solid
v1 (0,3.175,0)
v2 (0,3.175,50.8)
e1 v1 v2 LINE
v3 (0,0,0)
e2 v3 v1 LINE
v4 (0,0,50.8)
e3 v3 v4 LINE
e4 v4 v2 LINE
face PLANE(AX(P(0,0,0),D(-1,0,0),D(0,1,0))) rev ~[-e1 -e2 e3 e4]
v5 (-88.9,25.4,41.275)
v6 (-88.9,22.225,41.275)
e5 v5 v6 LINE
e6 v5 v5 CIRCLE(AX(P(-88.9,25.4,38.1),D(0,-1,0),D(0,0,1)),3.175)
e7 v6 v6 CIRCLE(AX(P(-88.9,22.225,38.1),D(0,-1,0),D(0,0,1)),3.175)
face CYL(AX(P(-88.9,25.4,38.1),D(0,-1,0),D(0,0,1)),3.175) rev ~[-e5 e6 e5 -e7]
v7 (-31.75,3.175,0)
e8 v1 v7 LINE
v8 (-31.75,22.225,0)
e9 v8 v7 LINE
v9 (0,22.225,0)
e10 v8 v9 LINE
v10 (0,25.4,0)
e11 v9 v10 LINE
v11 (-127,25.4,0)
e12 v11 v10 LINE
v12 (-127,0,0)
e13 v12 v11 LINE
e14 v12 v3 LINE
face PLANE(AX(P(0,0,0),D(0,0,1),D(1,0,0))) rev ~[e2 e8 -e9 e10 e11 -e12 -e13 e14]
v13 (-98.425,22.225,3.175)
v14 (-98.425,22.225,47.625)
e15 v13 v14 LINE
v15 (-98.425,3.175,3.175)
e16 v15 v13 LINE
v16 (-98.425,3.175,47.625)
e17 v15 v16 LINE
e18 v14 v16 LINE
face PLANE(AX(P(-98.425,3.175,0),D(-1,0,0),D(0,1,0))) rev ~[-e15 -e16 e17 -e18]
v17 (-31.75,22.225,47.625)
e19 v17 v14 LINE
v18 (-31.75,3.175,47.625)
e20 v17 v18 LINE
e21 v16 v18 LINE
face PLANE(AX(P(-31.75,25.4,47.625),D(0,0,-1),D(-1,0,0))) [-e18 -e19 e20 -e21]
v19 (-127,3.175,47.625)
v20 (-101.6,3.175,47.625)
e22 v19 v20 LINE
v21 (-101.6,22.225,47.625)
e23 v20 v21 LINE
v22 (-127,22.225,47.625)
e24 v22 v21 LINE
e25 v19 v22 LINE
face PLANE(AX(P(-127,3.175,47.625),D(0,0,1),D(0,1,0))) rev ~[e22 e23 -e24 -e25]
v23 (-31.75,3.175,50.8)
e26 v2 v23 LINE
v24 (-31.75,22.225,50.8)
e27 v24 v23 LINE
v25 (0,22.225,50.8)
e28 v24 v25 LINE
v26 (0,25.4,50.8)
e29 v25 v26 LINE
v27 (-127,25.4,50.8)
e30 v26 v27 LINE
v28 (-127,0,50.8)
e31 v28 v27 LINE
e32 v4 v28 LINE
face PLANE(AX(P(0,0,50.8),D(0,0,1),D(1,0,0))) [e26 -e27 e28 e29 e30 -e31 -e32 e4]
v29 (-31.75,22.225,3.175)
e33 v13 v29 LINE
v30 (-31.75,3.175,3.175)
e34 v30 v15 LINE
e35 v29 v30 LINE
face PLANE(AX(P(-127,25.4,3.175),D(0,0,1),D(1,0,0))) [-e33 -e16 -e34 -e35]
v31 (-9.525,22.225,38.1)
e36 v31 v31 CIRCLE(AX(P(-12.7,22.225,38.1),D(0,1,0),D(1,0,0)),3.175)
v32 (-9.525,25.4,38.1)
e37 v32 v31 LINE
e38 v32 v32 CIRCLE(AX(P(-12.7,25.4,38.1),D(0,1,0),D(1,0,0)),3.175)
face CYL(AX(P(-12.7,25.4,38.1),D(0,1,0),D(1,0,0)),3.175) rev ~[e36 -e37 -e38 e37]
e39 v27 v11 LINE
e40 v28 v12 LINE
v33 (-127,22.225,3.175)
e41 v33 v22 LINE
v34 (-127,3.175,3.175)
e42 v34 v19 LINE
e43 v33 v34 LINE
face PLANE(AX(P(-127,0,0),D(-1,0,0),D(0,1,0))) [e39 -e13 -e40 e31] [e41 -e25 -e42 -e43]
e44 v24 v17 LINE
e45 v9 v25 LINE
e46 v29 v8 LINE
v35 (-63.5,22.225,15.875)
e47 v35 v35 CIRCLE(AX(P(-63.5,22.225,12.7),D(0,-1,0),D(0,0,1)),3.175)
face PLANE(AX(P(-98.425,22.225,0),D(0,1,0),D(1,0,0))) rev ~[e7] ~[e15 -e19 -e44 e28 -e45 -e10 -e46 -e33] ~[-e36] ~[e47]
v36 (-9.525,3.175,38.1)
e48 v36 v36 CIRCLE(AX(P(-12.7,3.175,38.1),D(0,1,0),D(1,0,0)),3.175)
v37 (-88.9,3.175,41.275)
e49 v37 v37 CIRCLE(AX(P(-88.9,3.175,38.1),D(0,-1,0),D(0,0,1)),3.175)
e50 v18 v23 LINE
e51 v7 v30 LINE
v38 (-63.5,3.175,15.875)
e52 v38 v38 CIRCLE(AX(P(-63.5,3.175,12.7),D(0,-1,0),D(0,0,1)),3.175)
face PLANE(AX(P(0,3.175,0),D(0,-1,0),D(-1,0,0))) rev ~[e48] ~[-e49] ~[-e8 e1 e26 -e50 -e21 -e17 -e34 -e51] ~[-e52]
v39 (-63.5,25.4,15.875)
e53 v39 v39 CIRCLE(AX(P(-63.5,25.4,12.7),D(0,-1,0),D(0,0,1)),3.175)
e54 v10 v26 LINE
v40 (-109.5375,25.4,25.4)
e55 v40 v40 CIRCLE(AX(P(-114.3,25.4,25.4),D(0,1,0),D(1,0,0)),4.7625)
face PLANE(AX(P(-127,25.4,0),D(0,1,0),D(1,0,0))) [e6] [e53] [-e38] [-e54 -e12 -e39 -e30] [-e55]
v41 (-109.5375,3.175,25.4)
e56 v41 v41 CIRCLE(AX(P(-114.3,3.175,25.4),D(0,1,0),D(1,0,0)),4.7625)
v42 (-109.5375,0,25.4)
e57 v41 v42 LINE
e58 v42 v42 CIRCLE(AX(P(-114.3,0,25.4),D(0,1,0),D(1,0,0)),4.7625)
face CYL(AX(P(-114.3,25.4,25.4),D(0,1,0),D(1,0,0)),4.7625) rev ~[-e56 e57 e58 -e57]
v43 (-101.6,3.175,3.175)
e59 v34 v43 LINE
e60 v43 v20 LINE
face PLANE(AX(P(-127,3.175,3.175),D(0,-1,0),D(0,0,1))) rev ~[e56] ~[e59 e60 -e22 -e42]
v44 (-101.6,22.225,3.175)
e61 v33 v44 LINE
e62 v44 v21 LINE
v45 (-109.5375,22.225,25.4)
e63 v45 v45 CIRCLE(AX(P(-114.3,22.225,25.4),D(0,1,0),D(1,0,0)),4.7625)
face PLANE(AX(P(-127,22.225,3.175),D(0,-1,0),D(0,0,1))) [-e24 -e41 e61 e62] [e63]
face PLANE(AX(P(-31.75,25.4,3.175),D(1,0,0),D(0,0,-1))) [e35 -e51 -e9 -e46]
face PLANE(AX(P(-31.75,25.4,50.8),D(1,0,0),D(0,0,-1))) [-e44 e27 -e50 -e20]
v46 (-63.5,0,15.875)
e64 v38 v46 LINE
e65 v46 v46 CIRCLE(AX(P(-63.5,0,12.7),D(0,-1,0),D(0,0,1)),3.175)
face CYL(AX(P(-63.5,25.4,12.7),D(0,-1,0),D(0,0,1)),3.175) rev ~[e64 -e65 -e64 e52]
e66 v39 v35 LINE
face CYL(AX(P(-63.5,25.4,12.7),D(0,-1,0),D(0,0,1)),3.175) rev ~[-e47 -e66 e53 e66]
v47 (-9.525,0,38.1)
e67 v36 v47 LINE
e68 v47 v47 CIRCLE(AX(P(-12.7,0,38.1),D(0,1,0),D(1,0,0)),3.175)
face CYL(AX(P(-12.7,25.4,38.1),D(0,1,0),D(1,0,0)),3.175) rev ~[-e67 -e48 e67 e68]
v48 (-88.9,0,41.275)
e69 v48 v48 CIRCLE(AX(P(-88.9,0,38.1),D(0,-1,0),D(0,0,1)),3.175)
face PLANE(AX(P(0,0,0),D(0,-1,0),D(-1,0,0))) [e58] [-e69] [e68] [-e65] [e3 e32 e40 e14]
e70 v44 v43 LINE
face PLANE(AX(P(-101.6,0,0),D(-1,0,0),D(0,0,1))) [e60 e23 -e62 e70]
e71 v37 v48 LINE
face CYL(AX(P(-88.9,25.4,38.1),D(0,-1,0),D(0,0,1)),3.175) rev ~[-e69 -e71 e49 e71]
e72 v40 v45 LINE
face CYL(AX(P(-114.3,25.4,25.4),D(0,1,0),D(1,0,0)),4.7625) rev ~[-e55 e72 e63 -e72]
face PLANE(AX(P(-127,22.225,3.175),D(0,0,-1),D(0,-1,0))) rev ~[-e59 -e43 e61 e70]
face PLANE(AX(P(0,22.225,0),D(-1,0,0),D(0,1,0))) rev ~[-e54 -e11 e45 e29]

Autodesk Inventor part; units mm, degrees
ref_plane "YZ Plane" through (0, 0, 0) normal (1, 0, 0) x (0, 1, 0)
ref_plane "XZ Plane" through (0, 0, 0) normal (0, 1, 0) x (-1, 0, 0)
ref_plane "XY Plane" through (0, 0, 0) normal (0, 0, 1) x (1, 0, 0)
sketch "Sketch1" plane through (0, 0, 0) normal (0, 0, 1) x (1, 0, 0)
  line L0 (0, 0) -> (-127, 0)
  line L1 (-127, 0) -> (-127, 25.4)
  line L2 (-127, 25.4) -> (0, 25.4)
  line L3 (0, 0) -> (0, 3.175)
  line L4 (0, 3.175) -> (-98.425, 3.175)
  line L5 (-98.425, 3.175) -> (-98.425, 22.225)
  line L6 (-98.425, 22.225) -> (0, 22.225)
  line L7 (0, 22.225) -> (0, 25.4)
  dimension "d0" = 127
  dimension "d1" = 25.4
  dimension "d2" = 3.175
  dimension "d3" = 98.425
  dimension "d4" = 19.05
extrude "Extrusion1" add sketch "Sketch1" along normal blind 50.8
sketch "Sketch2" plane through (-127, 25.4, 0) normal (0, 1, 0) x (1, 0, 0)
  circle A0 centre (114.3, -38.1) radius 3.175
  line L0 (127, 0) -> (127, -50.8) projected
  line L1 (127, -50.8) -> (0, -50.8) projected
  line L2 (0, -50.8) -> (127, -50.8) projected
  line L3 (0, -50.8) -> (95.25, -50.8)
  line L4 (95.25, -50.8) -> (95.25, -47.625)
  line L5 (95.25, -47.625) -> (0, -47.625)
  line L6 (0, -47.625) -> (0, -50.8)
  line L7 (127, 0) -> (0, 0) projected
  line L8 (0, -3.175) -> (95.25, -3.175)
  line L9 (95.25, -3.175) -> (95.25, 0)
  line L10 (95.25, 0) -> (0, 0)
  line L11 (0, 0) -> (0, -3.175)
  circle A1 centre (12.7, -25.4) radius 4.7625
  line L12 (0, 0) -> (0, -50.8) projected
  dimension "d7" = 6.35
  dimension "d8" = 12.7
  dimension "d9" = 12.7
  dimension "d12" = 31.75
  dimension "d13" = 3.175
  dimension "d19" = 9.525
  dimension "d20" = 12.7
  dimension "d21" = 25.4
extrude "Extrusion2" cut sketch "Sketch2" against normal blind 50.8 contours A0 | A1
extrude "Extrusion3" add sketch "Sketch2" against normal blind 25.4 contours L9 L8 L11 L7 | L1 L6 L5 L4
sketch "Sketch3" plane through (-127, 0, 0) normal (-1, 0, 0) x (0, 0, 1)
  line L0 (3.175, 22.225) -> (3.175, 3.175) projected
  line L1 (0, 22.225) -> (50.8, 22.225) projected
  line L2 (3.175, 3.175) -> (47.625, 3.175)
  line L3 (47.625, 3.175) -> (47.625, 22.225)
  line L4 (47.625, 22.225) -> (3.175, 22.225)
  line L5 (3.175, 22.225) -> (3.175, 3.175)
  point P0 (0, 0)
  dimension "d16" = 44.45
extrude "Extrusion4" cut sketch "Sketch3" against normal blind 25.4
sketch "Sketch4" plane through (-127, 25.4, 50.8) normal (0, 1, 0) x (1, 0, 0)
  line L0 (0, 50.8) -> (127, 50.8) projected
  line L1 (127, 0) -> (0, 0) projected
  line L2 (0, 50.8) -> (0, 0) projected
  point P0 (38.1, 12.7)
  point P1 (63.5, 38.1)
  dimension "d22" = 12.7
  dimension "d23" = 12.7
  dimension "d24" = 38.1
  dimension "d25" = 63.5
hole "Hole1" at (-88.9, 25.4, 38.1) at (-63.5, 25.4, 12.7) direction (0, -1, 0) diameter 6.35 end through all
properties part number "15102898-16-P-0203" material "Aluminum 6061"
